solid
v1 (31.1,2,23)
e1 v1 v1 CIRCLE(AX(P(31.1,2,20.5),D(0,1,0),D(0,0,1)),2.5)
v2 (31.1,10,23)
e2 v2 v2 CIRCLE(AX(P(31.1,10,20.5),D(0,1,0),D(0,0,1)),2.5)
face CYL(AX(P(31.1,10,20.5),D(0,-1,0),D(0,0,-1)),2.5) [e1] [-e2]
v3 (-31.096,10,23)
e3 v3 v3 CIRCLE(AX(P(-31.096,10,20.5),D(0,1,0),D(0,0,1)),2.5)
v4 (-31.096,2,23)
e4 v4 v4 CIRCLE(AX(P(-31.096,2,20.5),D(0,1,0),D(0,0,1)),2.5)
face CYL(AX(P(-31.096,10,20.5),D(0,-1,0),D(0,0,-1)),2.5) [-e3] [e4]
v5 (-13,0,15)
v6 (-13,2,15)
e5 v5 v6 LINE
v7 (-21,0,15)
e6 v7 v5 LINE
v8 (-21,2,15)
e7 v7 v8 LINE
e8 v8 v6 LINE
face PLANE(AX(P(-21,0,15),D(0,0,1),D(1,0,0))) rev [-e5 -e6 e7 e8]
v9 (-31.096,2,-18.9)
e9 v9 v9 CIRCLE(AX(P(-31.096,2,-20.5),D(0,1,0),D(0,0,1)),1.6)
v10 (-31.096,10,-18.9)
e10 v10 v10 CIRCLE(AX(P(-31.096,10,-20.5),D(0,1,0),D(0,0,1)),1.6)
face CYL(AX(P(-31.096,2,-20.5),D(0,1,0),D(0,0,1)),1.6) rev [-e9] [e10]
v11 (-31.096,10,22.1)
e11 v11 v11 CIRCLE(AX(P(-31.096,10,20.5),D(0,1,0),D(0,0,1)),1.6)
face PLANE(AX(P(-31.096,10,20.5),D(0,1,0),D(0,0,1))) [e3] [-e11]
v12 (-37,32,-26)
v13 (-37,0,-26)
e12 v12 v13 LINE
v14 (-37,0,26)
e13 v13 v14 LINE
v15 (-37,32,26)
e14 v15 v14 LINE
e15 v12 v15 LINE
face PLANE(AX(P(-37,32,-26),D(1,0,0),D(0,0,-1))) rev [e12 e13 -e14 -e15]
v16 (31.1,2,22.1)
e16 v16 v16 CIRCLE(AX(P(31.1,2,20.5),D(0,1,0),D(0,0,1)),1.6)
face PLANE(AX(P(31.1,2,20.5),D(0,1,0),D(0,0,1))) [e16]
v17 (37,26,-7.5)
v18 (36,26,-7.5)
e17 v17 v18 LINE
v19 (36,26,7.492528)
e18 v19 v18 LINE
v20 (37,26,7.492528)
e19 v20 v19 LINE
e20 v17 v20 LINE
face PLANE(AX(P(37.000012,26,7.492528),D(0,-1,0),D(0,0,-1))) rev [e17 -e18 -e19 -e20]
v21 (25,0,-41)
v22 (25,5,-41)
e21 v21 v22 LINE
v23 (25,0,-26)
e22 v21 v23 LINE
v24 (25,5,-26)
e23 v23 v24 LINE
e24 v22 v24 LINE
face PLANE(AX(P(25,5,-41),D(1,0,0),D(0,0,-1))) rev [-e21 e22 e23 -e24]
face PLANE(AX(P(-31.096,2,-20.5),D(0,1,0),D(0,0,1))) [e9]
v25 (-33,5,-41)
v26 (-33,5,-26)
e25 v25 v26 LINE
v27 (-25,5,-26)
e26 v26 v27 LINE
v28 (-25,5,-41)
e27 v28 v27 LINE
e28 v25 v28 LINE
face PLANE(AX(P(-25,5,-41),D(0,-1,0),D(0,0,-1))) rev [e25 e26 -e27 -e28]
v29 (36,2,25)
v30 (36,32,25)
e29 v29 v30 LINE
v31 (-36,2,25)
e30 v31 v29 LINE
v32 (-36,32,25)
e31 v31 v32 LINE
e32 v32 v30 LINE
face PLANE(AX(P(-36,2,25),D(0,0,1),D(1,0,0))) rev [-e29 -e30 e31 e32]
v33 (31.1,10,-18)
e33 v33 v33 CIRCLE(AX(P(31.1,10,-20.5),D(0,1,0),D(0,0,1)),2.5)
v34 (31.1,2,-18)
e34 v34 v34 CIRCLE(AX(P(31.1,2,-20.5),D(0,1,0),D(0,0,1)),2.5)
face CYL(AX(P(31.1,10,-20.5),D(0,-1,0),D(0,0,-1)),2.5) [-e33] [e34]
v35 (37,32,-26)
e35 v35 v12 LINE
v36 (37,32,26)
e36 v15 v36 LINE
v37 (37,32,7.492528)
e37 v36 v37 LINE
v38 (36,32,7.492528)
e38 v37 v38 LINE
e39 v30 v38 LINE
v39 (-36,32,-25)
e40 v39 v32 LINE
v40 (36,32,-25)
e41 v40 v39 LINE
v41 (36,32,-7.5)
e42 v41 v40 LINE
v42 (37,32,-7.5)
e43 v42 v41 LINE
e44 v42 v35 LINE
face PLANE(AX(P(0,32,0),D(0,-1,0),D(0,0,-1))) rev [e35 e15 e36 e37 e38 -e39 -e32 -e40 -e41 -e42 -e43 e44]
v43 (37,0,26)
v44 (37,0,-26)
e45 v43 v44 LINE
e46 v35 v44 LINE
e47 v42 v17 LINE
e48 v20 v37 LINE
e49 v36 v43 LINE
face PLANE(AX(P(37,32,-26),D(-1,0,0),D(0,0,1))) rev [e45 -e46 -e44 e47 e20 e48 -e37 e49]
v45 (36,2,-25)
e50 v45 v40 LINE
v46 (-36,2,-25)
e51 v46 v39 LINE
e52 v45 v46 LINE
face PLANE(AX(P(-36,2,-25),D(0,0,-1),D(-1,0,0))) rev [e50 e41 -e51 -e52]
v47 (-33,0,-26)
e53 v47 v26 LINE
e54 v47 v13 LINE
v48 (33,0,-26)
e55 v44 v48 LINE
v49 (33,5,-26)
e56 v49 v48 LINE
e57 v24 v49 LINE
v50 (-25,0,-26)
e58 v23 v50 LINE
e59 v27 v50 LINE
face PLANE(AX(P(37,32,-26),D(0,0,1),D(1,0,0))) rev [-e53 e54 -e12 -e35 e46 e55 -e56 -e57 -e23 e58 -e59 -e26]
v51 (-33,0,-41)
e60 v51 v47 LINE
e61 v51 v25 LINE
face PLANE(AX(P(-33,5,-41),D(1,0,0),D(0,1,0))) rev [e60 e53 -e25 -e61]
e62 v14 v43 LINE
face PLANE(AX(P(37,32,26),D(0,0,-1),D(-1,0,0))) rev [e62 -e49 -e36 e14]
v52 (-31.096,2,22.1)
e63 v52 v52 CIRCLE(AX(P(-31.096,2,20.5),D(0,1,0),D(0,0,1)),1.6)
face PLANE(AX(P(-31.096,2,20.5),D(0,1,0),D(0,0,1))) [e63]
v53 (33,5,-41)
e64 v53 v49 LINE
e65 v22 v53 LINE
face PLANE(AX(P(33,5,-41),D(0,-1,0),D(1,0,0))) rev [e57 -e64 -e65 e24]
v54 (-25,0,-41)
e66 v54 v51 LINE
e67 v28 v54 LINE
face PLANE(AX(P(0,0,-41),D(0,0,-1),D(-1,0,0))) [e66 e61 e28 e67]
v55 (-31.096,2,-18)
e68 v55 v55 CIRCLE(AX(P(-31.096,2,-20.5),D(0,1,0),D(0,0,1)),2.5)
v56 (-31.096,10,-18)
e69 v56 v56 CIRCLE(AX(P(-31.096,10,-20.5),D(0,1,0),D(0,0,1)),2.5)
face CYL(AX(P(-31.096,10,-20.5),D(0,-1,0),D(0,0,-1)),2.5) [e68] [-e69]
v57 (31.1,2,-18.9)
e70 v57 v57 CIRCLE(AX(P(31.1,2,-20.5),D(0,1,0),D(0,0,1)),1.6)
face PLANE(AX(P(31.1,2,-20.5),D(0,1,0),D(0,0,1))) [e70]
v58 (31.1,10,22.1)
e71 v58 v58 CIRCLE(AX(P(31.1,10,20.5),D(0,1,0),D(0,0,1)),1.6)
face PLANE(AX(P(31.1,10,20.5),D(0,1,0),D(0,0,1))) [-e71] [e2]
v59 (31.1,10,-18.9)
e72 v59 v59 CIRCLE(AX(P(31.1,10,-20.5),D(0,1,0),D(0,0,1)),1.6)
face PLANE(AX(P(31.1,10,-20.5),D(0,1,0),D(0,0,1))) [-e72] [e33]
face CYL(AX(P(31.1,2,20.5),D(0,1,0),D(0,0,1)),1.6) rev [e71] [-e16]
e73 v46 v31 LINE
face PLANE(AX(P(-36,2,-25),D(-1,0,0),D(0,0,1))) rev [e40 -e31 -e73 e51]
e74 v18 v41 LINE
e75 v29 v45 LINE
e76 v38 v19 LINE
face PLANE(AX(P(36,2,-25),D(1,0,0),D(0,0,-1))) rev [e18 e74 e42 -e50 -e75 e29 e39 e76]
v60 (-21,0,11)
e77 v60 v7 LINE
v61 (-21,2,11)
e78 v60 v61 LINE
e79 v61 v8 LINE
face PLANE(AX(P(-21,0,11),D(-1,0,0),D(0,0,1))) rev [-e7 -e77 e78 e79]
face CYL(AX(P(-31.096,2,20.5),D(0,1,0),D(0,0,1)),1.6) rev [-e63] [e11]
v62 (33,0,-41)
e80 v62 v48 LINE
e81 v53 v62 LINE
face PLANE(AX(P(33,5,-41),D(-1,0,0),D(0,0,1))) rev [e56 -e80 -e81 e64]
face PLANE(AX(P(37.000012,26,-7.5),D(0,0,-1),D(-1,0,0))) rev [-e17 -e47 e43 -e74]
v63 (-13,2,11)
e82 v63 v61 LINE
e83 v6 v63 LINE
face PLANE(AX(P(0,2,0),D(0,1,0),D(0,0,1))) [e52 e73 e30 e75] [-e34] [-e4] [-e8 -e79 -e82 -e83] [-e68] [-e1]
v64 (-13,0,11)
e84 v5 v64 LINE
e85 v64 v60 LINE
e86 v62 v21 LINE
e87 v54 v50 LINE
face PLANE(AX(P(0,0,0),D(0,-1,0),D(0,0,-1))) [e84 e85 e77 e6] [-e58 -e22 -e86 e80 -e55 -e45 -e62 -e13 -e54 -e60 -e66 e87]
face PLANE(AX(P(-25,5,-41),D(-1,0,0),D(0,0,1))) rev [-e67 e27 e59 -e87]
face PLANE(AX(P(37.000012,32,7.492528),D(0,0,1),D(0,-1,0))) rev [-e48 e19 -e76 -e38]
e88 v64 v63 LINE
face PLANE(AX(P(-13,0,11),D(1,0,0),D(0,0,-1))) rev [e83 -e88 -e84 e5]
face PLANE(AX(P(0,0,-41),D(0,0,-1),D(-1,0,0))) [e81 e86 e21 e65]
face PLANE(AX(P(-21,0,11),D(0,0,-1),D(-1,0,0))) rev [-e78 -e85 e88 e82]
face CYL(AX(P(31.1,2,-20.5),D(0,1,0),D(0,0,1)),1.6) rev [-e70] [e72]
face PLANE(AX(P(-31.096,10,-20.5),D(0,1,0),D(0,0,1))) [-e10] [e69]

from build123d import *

# Parameters (mm, degrees)
ENCLOSURE_SHELL_SKETCH_W      = 74
ENCLOSURE_SHELL_SKETCH_H      = 52
ENCLOSURE_SHELL_FEATURE_DEPTH = 32
ENCLOSURE_GAP_SKETCH_W        = 72
ENCLOSURE_GAP_SKETCH_H        = 50
ENCLOSURE_GAP_FEATURE_DEPTH   = 30
SCREW_SHELL_SKETCH_R          = 2.5
SCREW_SHELL_FEATURE_DEPTH     = 8
SCREW_HOLE_SKETCH_R           = 1.6
SCREW_HOLE_FEATURE_DEPTH      = 8
BATTERY_CUT_REACH             = 86.711
BATTERY_CUT_DIRECTION_2_DEPTH = 85.711274338
CAMERA_CORD_HOLE_SKETCH_W     = 8
CAMERA_CORD_HOLE_SKETCH_H     = 4
CAMERA_CORD_HOLE_DEPTH        = 55.267854205
TAB_FEATURE_SKETCH_W          = 8
TAB_FEATURE_SKETCH_H          = 5
TAB_FEATURE_DEPTH             = 15


with BuildPart() as part:
    # Enclosure Shell Sketch → Enclosure Shell Feature (new body)
    with BuildSketch(Plane(origin=(0, 0, 0), x_dir=(1, 0, 0), z_dir=(0, 1, 0))):
        Rectangle(ENCLOSURE_SHELL_SKETCH_W, ENCLOSURE_SHELL_SKETCH_H)
    extrude(amount=ENCLOSURE_SHELL_FEATURE_DEPTH)

    # Enclosure Gap Sketch → Enclosure Gap Feature (cut)
    with BuildSketch(Plane(origin=(0, 32, 0), x_dir=(1, 0, 0), z_dir=(0, 1, 0))):
        Rectangle(ENCLOSURE_GAP_SKETCH_W, ENCLOSURE_GAP_SKETCH_H)
    extrude(amount=-ENCLOSURE_GAP_FEATURE_DEPTH, mode=Mode.SUBTRACT)

    # Screw Shell Sketch → Screw Shell Feature (add)
    with BuildSketch(Plane(origin=(0, 2, 0), x_dir=(1, 0, 0), z_dir=(0, 1, 0))):
        with Locations(Location((-31.096, 20.5, 0), (0, 0, 270))):
            Circle(SCREW_SHELL_SKETCH_R)
        with Locations(Location((-31.096, -20.5, 0), (0, 0, 270))):
            Circle(SCREW_SHELL_SKETCH_R)
        with Locations(Location((31.1, 20.5, 0), (0, 0, 270))):
            Circle(SCREW_SHELL_SKETCH_R)
        with Locations(Location((31.1, -20.5, 0), (0, 0, 270))):
            Circle(SCREW_SHELL_SKETCH_R)
    extrude(amount=SCREW_SHELL_FEATURE_DEPTH)

    # Screw Hole Sketch → Screw Hole Feature (cut)
    with BuildSketch(Plane(origin=(0, 10, 0), x_dir=(1, 0, 0), z_dir=(0, 1, 0))):
        with Locations(Location((-31.096, 20.5, 0), (0, 0, 270))):
            Circle(SCREW_HOLE_SKETCH_R)
        with Locations(Location((-31.096, -20.5, 0), (0, 0, 270))):
            Circle(SCREW_HOLE_SKETCH_R)
        with Locations(Location((31.1, -20.5, 0), (0, 0, 270))):
            Circle(SCREW_HOLE_SKETCH_R)
        with Locations(Location((31.1, 20.5, 0), (0, 0, 270))):
            Circle(SCREW_HOLE_SKETCH_R)
    extrude(amount=-SCREW_HOLE_FEATURE_DEPTH, mode=Mode.SUBTRACT)

    # Battery Cut Sketch → Battery Cut (cut, up to next)
    with BuildSketch(Plane.ZY.offset(-37), mode=Mode.PRIVATE) as battery_cut_sk1:
        Polygon((0, 32), (7.492527579, 32), (7.492527579, 26), (-7.5, 26), (-7.5, 32), align=None)
    battery_cut_tool1 = extrude(battery_cut_sk1.sketch, amount=BATTERY_CUT_REACH, mode=Mode.PRIVATE) & part.part
    add(battery_cut_tool1.solids().sort_by_distance((37, 29, -0.003736))[0], mode=Mode.SUBTRACT)

    # Battery Cut Sketch → Battery Cut direction 2 (cut)
    with BuildSketch(Plane.ZY.offset(-37)):
        Polygon((0, 32), (7.492527579, 32), (7.492527579, 26), (-7.5, 26), (-7.5, 32), align=None)
    extrude(amount=-BATTERY_CUT_DIRECTION_2_DEPTH, mode=Mode.SUBTRACT)

    # Camera Cord Hole Sketch → Camera Cord Hole (cut, through all)
    with BuildSketch(Plane(origin=(0, 2, 0), x_dir=(1, 0, 0), z_dir=(0, 1, 0))):
        with Locations((-17, -13)):
            Rectangle(CAMERA_CORD_HOLE_SKETCH_W, CAMERA_CORD_HOLE_SKETCH_H)
    extrude(amount=-CAMERA_CORD_HOLE_DEPTH, mode=Mode.SUBTRACT)

    # Tab Feature Sketch → Tab Feature (add)
    with BuildSketch(Plane(origin=(0, 0, -26), x_dir=(-1, 0, 0), z_dir=(0, 0, -1))):
        with Locations((-29, 2.5)):
            Rectangle(TAB_FEATURE_SKETCH_W, TAB_FEATURE_SKETCH_H)
        with Locations((29, 2.5)):
            Rectangle(TAB_FEATURE_SKETCH_W, TAB_FEATURE_SKETCH_H)
    extrude(amount=TAB_FEATURE_DEPTH)


solid = part.part
